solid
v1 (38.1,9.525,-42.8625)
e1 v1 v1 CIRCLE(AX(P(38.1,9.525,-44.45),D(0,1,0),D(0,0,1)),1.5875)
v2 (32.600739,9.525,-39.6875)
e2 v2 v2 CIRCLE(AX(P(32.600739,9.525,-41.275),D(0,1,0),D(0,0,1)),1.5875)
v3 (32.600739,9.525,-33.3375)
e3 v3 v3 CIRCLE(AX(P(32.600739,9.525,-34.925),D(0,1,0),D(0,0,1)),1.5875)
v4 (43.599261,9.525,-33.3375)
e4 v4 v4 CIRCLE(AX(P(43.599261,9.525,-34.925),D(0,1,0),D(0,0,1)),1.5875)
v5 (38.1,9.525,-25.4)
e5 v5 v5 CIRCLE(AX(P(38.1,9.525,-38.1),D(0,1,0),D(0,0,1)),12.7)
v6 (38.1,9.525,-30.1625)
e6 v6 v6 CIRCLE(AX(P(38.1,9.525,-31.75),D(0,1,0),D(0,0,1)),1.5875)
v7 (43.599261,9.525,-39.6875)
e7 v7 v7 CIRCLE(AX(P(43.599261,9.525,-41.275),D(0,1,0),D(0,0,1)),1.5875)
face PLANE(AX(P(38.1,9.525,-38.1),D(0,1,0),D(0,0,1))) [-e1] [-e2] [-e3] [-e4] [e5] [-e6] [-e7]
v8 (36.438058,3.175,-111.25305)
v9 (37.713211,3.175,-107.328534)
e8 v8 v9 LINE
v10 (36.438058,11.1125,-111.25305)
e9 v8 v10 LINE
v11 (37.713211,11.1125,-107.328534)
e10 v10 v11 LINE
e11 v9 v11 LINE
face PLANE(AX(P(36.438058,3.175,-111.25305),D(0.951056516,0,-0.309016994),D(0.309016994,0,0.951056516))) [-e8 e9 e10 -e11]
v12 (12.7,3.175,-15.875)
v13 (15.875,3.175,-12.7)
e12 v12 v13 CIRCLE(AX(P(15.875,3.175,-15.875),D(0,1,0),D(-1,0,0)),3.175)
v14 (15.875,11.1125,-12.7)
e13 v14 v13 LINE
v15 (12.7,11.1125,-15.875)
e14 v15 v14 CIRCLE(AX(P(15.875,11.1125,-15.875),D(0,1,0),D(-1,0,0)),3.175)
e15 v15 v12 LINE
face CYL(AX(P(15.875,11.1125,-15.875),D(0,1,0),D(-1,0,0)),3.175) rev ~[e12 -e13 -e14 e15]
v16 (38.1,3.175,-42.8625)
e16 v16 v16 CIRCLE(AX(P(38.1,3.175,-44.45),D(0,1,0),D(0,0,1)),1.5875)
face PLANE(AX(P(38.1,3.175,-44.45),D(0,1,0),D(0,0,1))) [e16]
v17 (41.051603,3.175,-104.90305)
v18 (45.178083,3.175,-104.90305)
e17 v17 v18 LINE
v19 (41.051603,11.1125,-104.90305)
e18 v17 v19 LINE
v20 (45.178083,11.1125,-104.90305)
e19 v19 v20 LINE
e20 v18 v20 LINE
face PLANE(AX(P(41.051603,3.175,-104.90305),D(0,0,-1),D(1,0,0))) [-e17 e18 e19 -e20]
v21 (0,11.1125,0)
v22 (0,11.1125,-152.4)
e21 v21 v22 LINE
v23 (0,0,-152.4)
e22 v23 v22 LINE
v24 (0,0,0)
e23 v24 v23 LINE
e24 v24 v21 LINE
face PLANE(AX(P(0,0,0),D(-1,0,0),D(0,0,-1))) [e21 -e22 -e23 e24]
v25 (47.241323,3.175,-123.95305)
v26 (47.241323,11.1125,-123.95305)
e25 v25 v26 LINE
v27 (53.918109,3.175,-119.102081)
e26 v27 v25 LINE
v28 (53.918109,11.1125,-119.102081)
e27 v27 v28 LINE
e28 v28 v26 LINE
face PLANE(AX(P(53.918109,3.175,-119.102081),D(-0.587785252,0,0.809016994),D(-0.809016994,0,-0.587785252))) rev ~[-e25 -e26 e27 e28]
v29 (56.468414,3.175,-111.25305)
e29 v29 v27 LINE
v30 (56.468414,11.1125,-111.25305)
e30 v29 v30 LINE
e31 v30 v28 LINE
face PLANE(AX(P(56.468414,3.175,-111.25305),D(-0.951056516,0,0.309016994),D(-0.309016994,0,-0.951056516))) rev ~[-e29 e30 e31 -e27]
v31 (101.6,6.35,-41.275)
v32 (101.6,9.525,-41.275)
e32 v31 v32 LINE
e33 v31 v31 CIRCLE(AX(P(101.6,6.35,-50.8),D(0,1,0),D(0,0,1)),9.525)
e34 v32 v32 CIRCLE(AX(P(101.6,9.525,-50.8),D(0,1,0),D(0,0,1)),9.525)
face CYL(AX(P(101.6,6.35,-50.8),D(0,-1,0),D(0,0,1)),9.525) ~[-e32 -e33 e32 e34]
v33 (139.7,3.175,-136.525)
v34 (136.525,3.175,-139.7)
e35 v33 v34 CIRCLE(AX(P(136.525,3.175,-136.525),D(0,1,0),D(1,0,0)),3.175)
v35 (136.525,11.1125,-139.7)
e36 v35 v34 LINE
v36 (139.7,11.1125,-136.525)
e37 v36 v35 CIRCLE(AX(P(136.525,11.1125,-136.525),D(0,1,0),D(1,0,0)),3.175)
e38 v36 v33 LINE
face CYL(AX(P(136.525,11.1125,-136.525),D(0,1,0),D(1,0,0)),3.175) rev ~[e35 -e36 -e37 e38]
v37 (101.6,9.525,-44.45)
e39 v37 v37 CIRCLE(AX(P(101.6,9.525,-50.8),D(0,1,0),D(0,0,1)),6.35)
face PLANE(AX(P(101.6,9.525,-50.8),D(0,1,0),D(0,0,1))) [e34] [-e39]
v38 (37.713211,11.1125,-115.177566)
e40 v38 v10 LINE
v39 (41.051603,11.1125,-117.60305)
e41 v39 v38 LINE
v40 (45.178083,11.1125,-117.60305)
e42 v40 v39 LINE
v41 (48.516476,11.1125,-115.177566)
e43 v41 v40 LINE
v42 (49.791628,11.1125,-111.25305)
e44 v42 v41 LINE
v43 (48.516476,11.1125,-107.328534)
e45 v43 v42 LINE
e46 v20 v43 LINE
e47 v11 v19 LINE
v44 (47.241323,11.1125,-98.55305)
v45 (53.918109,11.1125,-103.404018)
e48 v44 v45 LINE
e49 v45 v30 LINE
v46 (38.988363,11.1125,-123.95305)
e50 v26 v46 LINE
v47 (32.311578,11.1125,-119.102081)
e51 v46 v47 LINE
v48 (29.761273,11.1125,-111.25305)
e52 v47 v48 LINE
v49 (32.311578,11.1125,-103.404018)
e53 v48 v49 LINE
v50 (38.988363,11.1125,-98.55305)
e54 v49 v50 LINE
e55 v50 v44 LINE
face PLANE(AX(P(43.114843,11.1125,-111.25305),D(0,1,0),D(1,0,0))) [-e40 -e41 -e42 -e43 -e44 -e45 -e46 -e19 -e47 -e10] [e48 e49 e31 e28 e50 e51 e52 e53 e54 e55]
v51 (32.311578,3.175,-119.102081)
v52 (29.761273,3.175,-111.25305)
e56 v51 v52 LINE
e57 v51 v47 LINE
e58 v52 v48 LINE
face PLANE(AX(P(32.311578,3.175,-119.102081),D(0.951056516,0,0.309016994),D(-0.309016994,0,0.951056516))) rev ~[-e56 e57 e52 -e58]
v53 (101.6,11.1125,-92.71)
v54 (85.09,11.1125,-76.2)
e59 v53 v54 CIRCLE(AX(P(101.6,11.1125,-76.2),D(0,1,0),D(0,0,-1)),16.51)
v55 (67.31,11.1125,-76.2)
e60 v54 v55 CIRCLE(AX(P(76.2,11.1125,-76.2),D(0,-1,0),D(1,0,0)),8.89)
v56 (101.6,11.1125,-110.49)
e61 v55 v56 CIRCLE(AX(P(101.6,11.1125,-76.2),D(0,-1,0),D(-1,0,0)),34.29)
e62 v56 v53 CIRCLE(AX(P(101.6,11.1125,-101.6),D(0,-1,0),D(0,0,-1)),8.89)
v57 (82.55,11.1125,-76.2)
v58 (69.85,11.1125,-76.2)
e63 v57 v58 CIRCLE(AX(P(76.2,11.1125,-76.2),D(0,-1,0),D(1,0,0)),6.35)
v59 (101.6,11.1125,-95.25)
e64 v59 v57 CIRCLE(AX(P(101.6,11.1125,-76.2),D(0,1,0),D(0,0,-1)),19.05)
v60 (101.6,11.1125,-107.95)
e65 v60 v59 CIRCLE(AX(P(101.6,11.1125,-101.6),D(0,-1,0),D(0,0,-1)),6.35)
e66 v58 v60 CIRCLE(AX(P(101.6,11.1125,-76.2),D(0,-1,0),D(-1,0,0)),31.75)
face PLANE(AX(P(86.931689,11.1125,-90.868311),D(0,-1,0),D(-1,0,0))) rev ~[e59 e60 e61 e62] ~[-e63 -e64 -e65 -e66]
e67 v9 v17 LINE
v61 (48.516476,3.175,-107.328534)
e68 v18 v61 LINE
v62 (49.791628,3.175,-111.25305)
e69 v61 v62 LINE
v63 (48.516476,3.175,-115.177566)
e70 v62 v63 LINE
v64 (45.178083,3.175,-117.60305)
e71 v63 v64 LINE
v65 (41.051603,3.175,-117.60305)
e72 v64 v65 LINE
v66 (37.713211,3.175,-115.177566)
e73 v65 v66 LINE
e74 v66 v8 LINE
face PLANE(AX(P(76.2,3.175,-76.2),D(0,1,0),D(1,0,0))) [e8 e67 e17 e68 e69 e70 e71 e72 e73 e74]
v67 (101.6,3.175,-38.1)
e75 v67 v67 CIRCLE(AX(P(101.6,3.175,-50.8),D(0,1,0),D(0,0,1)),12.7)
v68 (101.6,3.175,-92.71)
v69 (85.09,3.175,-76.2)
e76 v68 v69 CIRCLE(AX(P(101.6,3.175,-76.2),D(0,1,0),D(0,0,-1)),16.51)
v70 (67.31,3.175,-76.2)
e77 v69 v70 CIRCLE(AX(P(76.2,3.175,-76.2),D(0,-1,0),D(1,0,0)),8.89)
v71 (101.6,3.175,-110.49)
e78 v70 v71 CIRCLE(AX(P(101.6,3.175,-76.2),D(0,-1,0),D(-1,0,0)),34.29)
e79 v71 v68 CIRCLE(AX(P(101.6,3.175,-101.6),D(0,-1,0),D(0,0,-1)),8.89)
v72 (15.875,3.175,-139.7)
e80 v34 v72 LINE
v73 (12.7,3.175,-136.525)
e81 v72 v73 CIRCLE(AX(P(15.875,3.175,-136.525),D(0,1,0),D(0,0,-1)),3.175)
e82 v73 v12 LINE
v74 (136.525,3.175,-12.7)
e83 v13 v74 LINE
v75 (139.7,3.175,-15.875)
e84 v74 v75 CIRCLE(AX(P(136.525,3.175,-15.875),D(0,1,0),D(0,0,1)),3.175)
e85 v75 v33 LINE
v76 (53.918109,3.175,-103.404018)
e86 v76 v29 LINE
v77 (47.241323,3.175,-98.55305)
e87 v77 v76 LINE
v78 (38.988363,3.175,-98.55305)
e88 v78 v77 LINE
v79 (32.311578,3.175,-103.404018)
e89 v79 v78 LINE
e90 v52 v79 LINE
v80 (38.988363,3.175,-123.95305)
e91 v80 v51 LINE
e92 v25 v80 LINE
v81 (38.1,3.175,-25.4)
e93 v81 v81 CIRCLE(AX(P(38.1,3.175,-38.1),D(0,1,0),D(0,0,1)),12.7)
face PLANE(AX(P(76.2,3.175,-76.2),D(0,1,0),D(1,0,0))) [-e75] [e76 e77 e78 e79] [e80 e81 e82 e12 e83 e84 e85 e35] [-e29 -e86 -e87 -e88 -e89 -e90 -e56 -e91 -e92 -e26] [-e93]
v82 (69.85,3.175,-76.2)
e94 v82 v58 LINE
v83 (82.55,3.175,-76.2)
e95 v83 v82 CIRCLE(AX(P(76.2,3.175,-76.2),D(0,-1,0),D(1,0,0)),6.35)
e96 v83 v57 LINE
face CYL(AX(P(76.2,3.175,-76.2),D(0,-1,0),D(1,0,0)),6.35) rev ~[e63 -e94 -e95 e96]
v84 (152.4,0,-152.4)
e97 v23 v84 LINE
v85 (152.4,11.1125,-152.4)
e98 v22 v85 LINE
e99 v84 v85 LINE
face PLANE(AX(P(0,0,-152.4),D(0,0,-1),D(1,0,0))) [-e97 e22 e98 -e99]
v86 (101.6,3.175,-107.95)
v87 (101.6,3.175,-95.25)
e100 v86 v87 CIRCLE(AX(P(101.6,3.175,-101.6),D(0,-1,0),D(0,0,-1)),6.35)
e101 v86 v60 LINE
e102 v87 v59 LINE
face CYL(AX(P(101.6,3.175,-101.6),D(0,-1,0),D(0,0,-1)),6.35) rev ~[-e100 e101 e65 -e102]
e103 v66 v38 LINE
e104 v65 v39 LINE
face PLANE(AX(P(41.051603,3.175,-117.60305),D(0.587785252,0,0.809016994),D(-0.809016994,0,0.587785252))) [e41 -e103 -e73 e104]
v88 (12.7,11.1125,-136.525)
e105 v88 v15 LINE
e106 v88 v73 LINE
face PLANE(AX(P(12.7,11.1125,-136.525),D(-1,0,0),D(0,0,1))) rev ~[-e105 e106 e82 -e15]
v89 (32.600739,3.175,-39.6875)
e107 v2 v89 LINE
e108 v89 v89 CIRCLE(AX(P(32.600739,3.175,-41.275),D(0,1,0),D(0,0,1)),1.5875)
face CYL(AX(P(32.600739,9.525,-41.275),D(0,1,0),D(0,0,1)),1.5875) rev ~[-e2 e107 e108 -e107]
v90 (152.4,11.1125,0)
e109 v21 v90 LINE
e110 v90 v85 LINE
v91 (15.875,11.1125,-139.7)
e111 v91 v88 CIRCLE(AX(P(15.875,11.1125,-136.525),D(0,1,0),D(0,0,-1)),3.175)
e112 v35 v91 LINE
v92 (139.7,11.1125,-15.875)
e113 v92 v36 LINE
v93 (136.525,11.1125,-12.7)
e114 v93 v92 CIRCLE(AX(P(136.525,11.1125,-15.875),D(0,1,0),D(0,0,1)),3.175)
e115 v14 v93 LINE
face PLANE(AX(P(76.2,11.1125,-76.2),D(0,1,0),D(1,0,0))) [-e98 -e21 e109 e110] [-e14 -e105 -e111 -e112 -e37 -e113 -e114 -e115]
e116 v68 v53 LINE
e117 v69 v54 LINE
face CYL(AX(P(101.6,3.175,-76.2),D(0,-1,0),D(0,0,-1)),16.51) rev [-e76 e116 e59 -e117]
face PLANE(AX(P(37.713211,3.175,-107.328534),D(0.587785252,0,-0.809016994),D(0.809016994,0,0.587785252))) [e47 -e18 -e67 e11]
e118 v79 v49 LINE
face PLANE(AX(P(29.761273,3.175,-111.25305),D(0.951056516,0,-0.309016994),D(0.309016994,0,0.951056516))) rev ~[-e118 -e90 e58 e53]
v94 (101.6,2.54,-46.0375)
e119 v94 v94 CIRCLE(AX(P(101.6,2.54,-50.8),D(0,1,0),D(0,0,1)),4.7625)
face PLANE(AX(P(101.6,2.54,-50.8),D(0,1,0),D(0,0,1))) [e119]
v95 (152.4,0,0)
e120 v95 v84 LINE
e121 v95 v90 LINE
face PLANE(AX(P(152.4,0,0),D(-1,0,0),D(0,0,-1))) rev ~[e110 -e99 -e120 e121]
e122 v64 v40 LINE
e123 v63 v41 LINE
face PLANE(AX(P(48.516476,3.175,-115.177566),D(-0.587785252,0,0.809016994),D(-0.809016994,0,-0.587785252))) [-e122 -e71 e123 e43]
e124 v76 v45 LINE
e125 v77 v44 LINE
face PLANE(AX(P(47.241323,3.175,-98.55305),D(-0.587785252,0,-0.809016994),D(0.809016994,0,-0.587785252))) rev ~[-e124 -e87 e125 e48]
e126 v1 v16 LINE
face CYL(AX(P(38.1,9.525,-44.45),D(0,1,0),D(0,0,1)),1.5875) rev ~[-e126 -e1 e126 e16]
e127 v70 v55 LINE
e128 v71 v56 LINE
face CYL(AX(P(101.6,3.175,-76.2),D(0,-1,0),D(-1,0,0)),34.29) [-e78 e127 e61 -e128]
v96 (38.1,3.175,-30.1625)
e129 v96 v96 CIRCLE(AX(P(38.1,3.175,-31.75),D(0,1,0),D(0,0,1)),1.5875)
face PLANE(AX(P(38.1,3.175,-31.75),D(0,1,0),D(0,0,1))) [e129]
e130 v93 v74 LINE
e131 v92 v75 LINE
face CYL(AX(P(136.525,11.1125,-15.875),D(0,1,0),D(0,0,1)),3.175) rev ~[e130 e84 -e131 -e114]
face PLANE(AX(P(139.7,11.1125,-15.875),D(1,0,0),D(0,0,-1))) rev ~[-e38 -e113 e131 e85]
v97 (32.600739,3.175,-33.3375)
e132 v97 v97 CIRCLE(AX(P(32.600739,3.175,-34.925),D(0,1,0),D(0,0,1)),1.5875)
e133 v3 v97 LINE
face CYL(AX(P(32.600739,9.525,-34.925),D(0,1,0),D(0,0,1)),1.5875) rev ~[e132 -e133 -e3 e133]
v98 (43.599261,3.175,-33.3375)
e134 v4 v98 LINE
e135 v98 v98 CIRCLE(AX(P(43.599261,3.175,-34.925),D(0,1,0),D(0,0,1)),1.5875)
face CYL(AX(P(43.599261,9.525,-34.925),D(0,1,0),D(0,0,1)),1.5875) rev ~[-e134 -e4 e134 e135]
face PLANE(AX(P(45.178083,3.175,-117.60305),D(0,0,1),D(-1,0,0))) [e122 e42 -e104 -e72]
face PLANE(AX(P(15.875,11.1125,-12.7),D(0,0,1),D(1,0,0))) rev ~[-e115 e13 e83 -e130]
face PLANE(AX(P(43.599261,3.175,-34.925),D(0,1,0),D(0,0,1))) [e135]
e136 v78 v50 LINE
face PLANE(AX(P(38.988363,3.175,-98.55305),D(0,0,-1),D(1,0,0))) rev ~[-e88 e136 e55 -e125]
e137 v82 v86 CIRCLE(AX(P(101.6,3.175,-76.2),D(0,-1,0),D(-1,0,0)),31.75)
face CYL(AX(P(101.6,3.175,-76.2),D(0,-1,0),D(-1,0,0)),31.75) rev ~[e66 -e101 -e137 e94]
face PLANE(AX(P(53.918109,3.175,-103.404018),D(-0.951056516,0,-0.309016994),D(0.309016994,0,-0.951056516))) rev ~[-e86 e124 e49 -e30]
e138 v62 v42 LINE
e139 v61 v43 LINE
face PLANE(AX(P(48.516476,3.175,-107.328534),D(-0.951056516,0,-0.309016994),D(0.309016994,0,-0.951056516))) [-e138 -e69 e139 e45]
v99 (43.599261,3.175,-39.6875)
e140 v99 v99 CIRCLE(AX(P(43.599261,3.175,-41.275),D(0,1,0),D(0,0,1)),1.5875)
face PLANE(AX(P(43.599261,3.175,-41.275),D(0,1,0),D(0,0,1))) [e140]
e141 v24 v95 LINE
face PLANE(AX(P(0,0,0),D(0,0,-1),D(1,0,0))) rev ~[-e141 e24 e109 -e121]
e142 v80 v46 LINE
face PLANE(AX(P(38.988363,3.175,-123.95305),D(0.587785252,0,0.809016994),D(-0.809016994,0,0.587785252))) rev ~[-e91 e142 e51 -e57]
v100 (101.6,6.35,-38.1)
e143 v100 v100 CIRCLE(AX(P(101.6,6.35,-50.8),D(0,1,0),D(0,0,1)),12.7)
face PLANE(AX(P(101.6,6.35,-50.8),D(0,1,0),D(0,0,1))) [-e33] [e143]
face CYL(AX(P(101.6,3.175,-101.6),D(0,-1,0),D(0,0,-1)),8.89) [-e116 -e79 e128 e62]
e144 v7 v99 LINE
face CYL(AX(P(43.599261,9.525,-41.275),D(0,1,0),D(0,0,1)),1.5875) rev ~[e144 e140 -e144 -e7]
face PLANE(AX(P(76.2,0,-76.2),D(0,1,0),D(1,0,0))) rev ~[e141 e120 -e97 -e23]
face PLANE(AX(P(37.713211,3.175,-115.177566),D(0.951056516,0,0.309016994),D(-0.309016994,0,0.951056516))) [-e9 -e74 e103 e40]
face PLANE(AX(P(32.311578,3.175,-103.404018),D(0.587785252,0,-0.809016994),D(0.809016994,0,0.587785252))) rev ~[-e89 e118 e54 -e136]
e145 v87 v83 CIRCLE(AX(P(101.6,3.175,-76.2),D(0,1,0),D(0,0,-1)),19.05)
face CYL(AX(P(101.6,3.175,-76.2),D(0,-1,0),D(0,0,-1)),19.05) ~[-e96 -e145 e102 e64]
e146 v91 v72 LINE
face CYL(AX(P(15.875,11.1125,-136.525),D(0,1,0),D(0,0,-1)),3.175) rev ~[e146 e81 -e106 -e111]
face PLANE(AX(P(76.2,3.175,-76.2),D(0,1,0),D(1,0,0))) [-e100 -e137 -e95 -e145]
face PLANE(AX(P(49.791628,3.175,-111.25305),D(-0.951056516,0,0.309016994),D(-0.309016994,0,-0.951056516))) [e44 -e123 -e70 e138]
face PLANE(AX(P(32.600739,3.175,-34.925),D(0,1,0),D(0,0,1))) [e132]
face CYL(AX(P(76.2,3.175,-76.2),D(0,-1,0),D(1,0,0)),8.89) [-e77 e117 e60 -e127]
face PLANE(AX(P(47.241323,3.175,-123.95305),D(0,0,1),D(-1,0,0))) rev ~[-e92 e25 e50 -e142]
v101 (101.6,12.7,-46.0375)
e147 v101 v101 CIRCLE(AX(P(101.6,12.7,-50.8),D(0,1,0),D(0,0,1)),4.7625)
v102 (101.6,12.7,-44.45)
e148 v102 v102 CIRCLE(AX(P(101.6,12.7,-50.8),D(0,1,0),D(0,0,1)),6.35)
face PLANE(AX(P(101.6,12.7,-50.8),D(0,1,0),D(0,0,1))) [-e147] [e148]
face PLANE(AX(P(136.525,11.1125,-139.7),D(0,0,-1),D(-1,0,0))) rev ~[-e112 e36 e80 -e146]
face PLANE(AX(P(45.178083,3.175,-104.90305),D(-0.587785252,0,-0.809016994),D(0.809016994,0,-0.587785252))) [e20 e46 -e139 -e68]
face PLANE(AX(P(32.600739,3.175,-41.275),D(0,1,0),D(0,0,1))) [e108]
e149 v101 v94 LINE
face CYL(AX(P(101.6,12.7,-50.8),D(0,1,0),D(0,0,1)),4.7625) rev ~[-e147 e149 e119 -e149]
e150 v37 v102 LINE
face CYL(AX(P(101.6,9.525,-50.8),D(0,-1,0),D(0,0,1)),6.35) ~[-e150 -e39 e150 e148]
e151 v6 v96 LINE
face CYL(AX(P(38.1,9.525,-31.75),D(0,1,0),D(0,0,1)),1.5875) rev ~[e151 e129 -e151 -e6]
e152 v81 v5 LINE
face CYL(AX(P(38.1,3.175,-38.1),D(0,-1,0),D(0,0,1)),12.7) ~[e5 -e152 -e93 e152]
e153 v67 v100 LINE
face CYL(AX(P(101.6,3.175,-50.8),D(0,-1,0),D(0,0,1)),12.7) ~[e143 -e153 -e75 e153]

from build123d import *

# Parameters (mm, degrees)
SKETCH1_W           = 152.4
SKETCH1_H           = 152.4
BOSS_EXTRUDE1_DEPTH = 11.1125
CUT_EXTRUDE1_DEPTH  = 7.9375
SKETCH3_R           = 12.7
BOSS_EXTRUDE2_DEPTH = 6.35
SKETCH4_R           = 1.5875
CUT_EXTRUDE2_DEPTH  = 6.35
BOSS_EXTRUDE3_DEPTH = 7.9375
EXTRUDE_THIN6_DEPTH = 7.9375
SKETCH8_R           = 12.7
BOSS_EXTRUDE4_DEPTH = 3.175
SKETCH9_R           = 9.525
BOSS_EXTRUDE5_DEPTH = 3.175
SKETCH10_R          = 6.35
BOSS_EXTRUDE6_DEPTH = 3.175
SKETCH11_R          = 4.7625
CUT_EXTRUDE3_DEPTH  = 10.16


with BuildPart() as part:
    # Sketch1 → Boss-Extrude1 (new body)
    with BuildSketch(Plane(origin=(0, 0, 0), x_dir=(1, 0, 0), z_dir=(0, 1, 0))):
        with Locations((76.2, 76.2)):
            Rectangle(SKETCH1_W, SKETCH1_H)
    extrude(amount=BOSS_EXTRUDE1_DEPTH)

    # Sketch2 → Cut-Extrude1 (cut)
    with BuildSketch(Plane(origin=(0, 11.1125, 0), x_dir=(1, 0, 0), z_dir=(0, 1, 0))):
        with BuildLine():
            Line((136.525, 139.7), (15.875, 139.7))
            ThreePointArc((15.875, 139.7), (13.62993597, 138.77006403), (12.7, 136.525))
            Line((12.7, 136.525), (12.7, 15.875))
            ThreePointArc((12.7, 15.875), (13.62993597, 13.62993597), (15.875, 12.7))
            Line((15.875, 12.7), (136.525, 12.7))
            ThreePointArc((136.525, 12.7), (138.77006403, 13.62993597), (139.7, 15.875))
            Line((139.7, 15.875), (139.7, 136.525))
            ThreePointArc((139.7, 136.525), (138.77006403, 138.77006403), (136.525, 139.7))
        make_face()
    extrude(amount=-CUT_EXTRUDE1_DEPTH, mode=Mode.SUBTRACT)

    # Sketch3 → Boss-Extrude2 (add)
    with BuildSketch(Plane(origin=(0, 3.175, 0), x_dir=(1, 0, 0), z_dir=(0, 1, 0))):
        with Locations(Location((38.1, 38.1, 0), (0, 0, 270))):
            Circle(SKETCH3_R)
    extrude(amount=BOSS_EXTRUDE2_DEPTH)

    # Sketch4 → Cut-Extrude2 (cut)
    with BuildSketch(Plane(origin=(0, 9.525, 0), x_dir=(1, 0, 0), z_dir=(0, 1, 0))):
        with Locations(Location((38.1, 44.45, 0), (0, 0, 270))):
            Circle(SKETCH4_R)
        with Locations(Location((43.599261314, 41.275, 0), (0, 0, 270))):
            Circle(SKETCH4_R)
        with Locations(Location((43.599261314, 34.925, 0), (0, 0, 270))):
            Circle(SKETCH4_R)
        with Locations(Location((38.1, 31.75, 0), (0, 0, 270))):
            Circle(SKETCH4_R)
        with Locations(Location((32.600738686, 34.925, 0), (0, 0, 270))):
            Circle(SKETCH4_R)
        with Locations(Location((32.600738686, 41.275, 0), (0, 0, 270))):
            Circle(SKETCH4_R)
    extrude(amount=-CUT_EXTRUDE2_DEPTH, mode=Mode.SUBTRACT)

    # Sketch5 → Boss-Extrude3 (add)
    with BuildSketch(Plane(origin=(0, 3.175, 0), x_dir=(1, 0, 0), z_dir=(0, 1, 0))):
        Polygon((53.918108532, 103.404018082), (56.468413513, 111.25304974), (53.918108532, 119.102081397), (47.241323408, 123.95304974), (38.988363123, 123.95304974), (32.311578, 119.102081397), (29.761273018, 111.25304974), (32.311578, 103.404018082), (38.988363123, 98.55304974), (47.241323408, 98.55304974), align=None)
        Polygon((49.79162839, 111.25304974), (48.516475899, 115.177565568), (45.178083337, 117.60304974), (41.051603195, 117.60304974), (37.713210633, 115.177565568), (36.438058142, 111.25304974), (37.713210633, 107.328533911), (41.051603195, 104.90304974), (45.178083337, 104.90304974), (48.516475899, 107.328533911), align=None, mode=Mode.SUBTRACT)
    extrude(amount=BOSS_EXTRUDE3_DEPTH)

    # Sketch6 → Extrude-Thin6 (add)
    with BuildSketch(Plane(origin=(0, 3.175, 0), x_dir=(1, 0, 0), z_dir=(0, 1, 0))):
        with BuildLine():
            ThreePointArc((101.6, 92.71), (89.925667043, 87.874332957), (85.09, 76.2))
            ThreePointArc((85.09, 76.2), (76.2, 67.31), (67.31, 76.2))
            ThreePointArc((67.31, 76.2), (77.353308473, 100.446691527), (101.6, 110.49))
            ThreePointArc((101.6, 110.49), (110.49, 101.6), (101.6, 92.71))
        make_face()
        with BuildLine():
            ThreePointArc((101.6, 95.25), (88.129615818, 89.670384182), (82.55, 76.2))
            ThreePointArc((82.55, 76.2), (76.2, 69.85), (69.85, 76.2))
            ThreePointArc((69.85, 76.2), (79.149359697, 98.650640303), (101.6, 107.95))
            ThreePointArc((101.6, 107.95), (107.95, 101.6), (101.6, 95.25))
        make_face(mode=Mode.SUBTRACT)
    extrude(amount=EXTRUDE_THIN6_DEPTH)

    # Sketch8 → Boss-Extrude4 (add)
    with BuildSketch(Plane(origin=(0, 3.175, 0), x_dir=(1, 0, 0), z_dir=(0, 1, 0))):
        with Locations(Location((101.6, 50.8, 0), (0, 0, 270))):
            Circle(SKETCH8_R)
    extrude(amount=BOSS_EXTRUDE4_DEPTH)

    # Sketch9 → Boss-Extrude5 (add)
    with BuildSketch(Plane(origin=(0, 6.35, 0), x_dir=(1, 0, 0), z_dir=(0, 1, 0))):
        with Locations(Location((101.6, 50.8, 0), (0, 0, 270))):
            Circle(SKETCH9_R)
    extrude(amount=BOSS_EXTRUDE5_DEPTH)

    # Sketch10 → Boss-Extrude6 (add)
    with BuildSketch(Plane(origin=(0, 9.525, 0), x_dir=(1, 0, 0), z_dir=(0, 1, 0))):
        with Locations(Location((101.6, 50.8, 0), (0, 0, 270))):
            Circle(SKETCH10_R)
    extrude(amount=BOSS_EXTRUDE6_DEPTH)

    # Sketch11 → Cut-Extrude3 (cut)
    with BuildSketch(Plane(origin=(0, 12.7, 0), x_dir=(1, 0, 0), z_dir=(0, 1, 0))):
        with Locations(Location((101.6, 50.8, 0), (0, 0, 270))):
            Circle(SKETCH11_R)
    extrude(amount=-CUT_EXTRUDE3_DEPTH, mode=Mode.SUBTRACT)


solid = part.part
